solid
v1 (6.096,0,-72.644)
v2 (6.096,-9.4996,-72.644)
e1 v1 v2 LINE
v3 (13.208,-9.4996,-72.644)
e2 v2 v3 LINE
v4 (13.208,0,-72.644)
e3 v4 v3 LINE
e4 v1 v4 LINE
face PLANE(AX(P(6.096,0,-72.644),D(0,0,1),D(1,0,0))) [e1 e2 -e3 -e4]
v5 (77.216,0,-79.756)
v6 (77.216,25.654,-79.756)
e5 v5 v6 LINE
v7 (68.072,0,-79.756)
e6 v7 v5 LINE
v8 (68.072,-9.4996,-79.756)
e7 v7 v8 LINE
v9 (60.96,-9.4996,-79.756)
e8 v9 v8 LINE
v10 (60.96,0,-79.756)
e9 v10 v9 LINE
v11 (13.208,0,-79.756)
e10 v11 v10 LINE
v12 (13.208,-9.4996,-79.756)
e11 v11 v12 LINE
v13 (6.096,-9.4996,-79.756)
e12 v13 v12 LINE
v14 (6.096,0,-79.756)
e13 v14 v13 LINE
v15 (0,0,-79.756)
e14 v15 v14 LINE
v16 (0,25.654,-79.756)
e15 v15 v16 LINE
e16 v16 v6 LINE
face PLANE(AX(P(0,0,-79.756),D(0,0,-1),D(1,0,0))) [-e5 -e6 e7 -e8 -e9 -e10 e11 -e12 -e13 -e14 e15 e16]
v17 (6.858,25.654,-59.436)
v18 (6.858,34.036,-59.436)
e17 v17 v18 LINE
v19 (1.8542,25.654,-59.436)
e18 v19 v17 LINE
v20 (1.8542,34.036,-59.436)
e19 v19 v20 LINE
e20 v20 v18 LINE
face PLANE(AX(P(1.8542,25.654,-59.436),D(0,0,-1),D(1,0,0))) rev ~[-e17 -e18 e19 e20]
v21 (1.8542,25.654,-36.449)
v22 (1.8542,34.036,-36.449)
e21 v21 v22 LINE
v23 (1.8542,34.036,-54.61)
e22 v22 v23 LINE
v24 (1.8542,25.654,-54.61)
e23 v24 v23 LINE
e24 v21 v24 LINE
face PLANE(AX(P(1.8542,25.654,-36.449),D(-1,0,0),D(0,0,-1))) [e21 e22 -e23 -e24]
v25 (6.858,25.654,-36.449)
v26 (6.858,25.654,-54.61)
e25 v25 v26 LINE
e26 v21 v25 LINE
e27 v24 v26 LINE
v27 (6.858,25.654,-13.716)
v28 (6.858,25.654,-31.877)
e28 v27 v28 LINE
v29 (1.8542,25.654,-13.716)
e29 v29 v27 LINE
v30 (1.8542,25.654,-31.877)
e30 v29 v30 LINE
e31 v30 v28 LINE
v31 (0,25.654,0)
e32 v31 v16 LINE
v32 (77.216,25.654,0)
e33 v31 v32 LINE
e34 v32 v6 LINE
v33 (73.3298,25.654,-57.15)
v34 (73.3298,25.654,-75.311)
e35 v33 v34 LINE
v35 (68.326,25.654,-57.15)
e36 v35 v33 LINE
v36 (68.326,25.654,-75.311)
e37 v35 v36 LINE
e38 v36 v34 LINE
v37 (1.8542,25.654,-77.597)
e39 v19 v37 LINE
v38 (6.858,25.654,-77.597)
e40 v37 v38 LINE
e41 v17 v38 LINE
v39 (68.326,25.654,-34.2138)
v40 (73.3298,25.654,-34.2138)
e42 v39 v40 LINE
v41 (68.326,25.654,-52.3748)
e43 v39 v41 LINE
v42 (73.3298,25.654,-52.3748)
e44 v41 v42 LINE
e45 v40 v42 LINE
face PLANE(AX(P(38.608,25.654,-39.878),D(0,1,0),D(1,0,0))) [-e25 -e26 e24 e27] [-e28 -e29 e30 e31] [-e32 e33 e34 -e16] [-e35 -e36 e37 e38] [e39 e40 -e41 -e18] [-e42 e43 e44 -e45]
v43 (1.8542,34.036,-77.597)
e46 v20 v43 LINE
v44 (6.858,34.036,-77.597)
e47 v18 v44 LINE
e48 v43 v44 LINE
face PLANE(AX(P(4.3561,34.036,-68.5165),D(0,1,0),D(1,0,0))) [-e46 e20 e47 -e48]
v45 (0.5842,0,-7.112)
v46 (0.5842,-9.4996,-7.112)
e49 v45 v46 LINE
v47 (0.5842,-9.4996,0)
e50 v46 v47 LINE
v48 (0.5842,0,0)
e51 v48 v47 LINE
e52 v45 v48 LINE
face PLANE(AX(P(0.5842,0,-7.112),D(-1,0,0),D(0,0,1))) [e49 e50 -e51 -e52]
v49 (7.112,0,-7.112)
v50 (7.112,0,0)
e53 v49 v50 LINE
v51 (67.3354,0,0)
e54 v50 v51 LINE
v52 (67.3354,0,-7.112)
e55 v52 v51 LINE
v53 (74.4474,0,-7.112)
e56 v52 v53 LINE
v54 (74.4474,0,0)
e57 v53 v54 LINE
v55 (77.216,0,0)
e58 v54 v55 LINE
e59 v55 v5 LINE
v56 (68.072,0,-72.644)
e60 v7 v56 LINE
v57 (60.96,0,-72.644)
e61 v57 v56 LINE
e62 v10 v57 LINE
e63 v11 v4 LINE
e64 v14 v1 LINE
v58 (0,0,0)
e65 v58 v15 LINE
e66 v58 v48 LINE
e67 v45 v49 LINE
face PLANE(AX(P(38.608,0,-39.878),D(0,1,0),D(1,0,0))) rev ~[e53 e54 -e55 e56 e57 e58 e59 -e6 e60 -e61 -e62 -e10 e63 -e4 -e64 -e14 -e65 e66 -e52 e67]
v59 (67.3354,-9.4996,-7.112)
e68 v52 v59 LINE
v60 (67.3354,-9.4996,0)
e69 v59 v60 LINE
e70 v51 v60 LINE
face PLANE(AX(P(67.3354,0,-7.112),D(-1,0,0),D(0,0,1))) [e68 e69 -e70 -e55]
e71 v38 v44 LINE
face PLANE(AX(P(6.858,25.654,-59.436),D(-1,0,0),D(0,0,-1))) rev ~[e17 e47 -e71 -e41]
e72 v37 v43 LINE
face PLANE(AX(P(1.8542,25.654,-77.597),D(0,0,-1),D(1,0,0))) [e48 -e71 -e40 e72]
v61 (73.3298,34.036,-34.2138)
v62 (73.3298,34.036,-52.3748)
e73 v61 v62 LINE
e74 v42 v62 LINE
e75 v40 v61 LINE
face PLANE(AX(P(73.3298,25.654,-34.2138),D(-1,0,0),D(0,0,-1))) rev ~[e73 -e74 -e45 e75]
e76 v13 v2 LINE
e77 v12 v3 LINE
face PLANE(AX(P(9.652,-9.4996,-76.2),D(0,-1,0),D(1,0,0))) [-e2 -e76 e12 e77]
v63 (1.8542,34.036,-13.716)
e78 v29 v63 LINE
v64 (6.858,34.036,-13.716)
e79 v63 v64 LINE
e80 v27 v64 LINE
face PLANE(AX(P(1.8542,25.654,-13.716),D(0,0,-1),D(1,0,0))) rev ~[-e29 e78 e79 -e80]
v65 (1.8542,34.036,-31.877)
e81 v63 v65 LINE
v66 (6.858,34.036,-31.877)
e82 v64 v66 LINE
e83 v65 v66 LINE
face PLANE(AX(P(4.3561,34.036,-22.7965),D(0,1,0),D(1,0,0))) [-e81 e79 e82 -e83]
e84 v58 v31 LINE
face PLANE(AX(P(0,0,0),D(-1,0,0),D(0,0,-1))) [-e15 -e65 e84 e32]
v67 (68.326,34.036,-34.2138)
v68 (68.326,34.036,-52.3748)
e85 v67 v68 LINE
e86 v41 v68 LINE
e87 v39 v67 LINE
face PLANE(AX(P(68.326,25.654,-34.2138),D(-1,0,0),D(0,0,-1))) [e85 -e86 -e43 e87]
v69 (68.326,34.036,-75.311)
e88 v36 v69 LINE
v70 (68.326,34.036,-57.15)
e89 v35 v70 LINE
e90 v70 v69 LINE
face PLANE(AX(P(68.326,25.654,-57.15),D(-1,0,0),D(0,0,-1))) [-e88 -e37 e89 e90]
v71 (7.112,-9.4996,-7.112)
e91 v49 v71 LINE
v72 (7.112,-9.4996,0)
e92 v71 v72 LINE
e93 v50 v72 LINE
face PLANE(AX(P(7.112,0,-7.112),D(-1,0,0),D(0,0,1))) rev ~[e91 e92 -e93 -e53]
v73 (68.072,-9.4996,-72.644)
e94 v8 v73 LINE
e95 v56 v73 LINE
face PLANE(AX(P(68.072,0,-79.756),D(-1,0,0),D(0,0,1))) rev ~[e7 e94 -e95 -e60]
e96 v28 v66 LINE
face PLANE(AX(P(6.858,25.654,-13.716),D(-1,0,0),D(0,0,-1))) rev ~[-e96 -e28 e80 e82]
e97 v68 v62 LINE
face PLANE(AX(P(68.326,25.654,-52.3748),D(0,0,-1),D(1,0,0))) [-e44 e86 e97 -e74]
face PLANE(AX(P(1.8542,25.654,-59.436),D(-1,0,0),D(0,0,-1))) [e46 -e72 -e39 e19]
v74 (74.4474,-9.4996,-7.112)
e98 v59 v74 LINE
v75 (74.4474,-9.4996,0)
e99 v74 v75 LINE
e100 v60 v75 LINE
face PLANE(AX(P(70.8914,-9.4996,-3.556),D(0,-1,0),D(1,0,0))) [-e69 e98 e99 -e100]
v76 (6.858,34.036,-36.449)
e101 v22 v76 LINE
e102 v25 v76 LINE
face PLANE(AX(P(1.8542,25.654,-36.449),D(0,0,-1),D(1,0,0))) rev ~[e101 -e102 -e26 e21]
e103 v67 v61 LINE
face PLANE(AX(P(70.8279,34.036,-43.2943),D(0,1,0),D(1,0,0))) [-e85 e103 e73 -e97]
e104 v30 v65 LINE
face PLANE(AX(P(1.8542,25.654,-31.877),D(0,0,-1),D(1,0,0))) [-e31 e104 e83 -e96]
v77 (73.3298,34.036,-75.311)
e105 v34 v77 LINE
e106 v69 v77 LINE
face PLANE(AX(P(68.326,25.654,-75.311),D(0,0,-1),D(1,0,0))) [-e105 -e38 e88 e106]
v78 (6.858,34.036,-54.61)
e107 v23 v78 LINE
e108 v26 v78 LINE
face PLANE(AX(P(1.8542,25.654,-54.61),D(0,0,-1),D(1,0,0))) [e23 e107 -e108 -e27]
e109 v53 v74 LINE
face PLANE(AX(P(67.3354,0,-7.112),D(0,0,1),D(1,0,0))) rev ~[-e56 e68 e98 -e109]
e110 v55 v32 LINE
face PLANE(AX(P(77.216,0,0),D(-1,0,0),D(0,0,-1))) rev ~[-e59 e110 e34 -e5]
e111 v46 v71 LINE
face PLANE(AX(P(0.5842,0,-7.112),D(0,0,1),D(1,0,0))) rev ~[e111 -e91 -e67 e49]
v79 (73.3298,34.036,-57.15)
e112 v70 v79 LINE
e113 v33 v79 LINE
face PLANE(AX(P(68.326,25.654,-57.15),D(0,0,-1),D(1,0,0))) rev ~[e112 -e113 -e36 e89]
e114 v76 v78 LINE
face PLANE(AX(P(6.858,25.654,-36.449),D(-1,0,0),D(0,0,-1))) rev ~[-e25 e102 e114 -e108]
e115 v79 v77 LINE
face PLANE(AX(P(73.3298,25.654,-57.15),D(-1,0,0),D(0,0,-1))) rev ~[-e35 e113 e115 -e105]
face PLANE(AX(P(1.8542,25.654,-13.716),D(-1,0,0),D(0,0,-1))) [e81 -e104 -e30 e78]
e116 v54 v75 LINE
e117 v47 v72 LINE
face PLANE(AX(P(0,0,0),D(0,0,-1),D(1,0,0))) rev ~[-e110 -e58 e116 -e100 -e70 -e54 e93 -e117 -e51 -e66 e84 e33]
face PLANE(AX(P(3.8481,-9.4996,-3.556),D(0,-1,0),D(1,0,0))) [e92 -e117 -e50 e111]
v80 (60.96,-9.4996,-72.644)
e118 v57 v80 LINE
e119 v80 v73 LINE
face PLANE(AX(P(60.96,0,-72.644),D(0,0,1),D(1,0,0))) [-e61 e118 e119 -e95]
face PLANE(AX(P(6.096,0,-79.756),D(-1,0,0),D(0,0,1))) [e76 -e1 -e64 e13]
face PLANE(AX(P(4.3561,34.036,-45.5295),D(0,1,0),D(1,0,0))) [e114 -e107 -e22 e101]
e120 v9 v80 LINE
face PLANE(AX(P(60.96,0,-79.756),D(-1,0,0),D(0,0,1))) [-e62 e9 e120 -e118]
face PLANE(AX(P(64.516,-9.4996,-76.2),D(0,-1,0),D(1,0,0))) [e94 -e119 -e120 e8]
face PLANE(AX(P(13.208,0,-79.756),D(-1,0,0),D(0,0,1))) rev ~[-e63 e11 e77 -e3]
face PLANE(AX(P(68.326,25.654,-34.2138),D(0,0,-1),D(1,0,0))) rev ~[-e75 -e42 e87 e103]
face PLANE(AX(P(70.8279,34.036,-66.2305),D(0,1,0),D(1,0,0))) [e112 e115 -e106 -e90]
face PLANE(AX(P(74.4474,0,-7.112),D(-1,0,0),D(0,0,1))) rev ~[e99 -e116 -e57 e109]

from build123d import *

# Parameters (mm, degrees)
SKETCH1_W           = 77.216
SKETCH1_H           = 79.756
BASE_DEPTH          = 25.654
SKETCH2_W           = 5.0038
SKETCH2_H           = 18.161
TOP_HEADERS_DEPTH   = 8.382
SKETCH3_W           = 7.112
SKETCH3_H           = 7.112
SKETCH3_W_2         = 6.5278
BOSS_EXTRUDE3_DEPTH = 9.4996


with BuildPart() as part:
    # Sketch1 → Base (new body)
    with BuildSketch(Plane(origin=(0, 0, 0), x_dir=(1, 0, 0), z_dir=(0, 1, 0))):
        with Locations((38.608, 39.878)):
            Rectangle(SKETCH1_W, SKETCH1_H)
    extrude(amount=BASE_DEPTH)

    # Sketch2 → Top Headers (add)
    with BuildSketch(Plane(origin=(0, 25.654, 0), x_dir=(1, 0, 0), z_dir=(0, 1, 0))):
        with Locations((4.3561, 68.5165)):
            Rectangle(SKETCH2_W, SKETCH2_H)
        with Locations((4.3561, 45.5295)):
            Rectangle(SKETCH2_W, SKETCH2_H)
        with Locations((4.3561, 22.7965)):
            Rectangle(SKETCH2_W, SKETCH2_H)
        with Locations((70.8279, 66.2305)):
            Rectangle(SKETCH2_W, SKETCH2_H)
        with Locations((70.8279, 43.2943)):
            Rectangle(SKETCH2_W, SKETCH2_H)
    extrude(amount=TOP_HEADERS_DEPTH)

    # Sketch3 → Boss-Extrude3 (add)
    with BuildSketch(Plane.XZ):
        with Locations((64.516, -76.2)):
            Rectangle(SKETCH3_W, SKETCH3_H)
        with Locations((9.652, -76.2)):
            Rectangle(SKETCH3_W, SKETCH3_H)
        with Locations((3.8481, -3.556)):
            Rectangle(SKETCH3_W_2, SKETCH3_H)
        with Locations((70.8914, -3.556)):
            Rectangle(SKETCH3_W, SKETCH3_H)
    extrude(amount=BOSS_EXTRUDE3_DEPTH)


solid = part.part
